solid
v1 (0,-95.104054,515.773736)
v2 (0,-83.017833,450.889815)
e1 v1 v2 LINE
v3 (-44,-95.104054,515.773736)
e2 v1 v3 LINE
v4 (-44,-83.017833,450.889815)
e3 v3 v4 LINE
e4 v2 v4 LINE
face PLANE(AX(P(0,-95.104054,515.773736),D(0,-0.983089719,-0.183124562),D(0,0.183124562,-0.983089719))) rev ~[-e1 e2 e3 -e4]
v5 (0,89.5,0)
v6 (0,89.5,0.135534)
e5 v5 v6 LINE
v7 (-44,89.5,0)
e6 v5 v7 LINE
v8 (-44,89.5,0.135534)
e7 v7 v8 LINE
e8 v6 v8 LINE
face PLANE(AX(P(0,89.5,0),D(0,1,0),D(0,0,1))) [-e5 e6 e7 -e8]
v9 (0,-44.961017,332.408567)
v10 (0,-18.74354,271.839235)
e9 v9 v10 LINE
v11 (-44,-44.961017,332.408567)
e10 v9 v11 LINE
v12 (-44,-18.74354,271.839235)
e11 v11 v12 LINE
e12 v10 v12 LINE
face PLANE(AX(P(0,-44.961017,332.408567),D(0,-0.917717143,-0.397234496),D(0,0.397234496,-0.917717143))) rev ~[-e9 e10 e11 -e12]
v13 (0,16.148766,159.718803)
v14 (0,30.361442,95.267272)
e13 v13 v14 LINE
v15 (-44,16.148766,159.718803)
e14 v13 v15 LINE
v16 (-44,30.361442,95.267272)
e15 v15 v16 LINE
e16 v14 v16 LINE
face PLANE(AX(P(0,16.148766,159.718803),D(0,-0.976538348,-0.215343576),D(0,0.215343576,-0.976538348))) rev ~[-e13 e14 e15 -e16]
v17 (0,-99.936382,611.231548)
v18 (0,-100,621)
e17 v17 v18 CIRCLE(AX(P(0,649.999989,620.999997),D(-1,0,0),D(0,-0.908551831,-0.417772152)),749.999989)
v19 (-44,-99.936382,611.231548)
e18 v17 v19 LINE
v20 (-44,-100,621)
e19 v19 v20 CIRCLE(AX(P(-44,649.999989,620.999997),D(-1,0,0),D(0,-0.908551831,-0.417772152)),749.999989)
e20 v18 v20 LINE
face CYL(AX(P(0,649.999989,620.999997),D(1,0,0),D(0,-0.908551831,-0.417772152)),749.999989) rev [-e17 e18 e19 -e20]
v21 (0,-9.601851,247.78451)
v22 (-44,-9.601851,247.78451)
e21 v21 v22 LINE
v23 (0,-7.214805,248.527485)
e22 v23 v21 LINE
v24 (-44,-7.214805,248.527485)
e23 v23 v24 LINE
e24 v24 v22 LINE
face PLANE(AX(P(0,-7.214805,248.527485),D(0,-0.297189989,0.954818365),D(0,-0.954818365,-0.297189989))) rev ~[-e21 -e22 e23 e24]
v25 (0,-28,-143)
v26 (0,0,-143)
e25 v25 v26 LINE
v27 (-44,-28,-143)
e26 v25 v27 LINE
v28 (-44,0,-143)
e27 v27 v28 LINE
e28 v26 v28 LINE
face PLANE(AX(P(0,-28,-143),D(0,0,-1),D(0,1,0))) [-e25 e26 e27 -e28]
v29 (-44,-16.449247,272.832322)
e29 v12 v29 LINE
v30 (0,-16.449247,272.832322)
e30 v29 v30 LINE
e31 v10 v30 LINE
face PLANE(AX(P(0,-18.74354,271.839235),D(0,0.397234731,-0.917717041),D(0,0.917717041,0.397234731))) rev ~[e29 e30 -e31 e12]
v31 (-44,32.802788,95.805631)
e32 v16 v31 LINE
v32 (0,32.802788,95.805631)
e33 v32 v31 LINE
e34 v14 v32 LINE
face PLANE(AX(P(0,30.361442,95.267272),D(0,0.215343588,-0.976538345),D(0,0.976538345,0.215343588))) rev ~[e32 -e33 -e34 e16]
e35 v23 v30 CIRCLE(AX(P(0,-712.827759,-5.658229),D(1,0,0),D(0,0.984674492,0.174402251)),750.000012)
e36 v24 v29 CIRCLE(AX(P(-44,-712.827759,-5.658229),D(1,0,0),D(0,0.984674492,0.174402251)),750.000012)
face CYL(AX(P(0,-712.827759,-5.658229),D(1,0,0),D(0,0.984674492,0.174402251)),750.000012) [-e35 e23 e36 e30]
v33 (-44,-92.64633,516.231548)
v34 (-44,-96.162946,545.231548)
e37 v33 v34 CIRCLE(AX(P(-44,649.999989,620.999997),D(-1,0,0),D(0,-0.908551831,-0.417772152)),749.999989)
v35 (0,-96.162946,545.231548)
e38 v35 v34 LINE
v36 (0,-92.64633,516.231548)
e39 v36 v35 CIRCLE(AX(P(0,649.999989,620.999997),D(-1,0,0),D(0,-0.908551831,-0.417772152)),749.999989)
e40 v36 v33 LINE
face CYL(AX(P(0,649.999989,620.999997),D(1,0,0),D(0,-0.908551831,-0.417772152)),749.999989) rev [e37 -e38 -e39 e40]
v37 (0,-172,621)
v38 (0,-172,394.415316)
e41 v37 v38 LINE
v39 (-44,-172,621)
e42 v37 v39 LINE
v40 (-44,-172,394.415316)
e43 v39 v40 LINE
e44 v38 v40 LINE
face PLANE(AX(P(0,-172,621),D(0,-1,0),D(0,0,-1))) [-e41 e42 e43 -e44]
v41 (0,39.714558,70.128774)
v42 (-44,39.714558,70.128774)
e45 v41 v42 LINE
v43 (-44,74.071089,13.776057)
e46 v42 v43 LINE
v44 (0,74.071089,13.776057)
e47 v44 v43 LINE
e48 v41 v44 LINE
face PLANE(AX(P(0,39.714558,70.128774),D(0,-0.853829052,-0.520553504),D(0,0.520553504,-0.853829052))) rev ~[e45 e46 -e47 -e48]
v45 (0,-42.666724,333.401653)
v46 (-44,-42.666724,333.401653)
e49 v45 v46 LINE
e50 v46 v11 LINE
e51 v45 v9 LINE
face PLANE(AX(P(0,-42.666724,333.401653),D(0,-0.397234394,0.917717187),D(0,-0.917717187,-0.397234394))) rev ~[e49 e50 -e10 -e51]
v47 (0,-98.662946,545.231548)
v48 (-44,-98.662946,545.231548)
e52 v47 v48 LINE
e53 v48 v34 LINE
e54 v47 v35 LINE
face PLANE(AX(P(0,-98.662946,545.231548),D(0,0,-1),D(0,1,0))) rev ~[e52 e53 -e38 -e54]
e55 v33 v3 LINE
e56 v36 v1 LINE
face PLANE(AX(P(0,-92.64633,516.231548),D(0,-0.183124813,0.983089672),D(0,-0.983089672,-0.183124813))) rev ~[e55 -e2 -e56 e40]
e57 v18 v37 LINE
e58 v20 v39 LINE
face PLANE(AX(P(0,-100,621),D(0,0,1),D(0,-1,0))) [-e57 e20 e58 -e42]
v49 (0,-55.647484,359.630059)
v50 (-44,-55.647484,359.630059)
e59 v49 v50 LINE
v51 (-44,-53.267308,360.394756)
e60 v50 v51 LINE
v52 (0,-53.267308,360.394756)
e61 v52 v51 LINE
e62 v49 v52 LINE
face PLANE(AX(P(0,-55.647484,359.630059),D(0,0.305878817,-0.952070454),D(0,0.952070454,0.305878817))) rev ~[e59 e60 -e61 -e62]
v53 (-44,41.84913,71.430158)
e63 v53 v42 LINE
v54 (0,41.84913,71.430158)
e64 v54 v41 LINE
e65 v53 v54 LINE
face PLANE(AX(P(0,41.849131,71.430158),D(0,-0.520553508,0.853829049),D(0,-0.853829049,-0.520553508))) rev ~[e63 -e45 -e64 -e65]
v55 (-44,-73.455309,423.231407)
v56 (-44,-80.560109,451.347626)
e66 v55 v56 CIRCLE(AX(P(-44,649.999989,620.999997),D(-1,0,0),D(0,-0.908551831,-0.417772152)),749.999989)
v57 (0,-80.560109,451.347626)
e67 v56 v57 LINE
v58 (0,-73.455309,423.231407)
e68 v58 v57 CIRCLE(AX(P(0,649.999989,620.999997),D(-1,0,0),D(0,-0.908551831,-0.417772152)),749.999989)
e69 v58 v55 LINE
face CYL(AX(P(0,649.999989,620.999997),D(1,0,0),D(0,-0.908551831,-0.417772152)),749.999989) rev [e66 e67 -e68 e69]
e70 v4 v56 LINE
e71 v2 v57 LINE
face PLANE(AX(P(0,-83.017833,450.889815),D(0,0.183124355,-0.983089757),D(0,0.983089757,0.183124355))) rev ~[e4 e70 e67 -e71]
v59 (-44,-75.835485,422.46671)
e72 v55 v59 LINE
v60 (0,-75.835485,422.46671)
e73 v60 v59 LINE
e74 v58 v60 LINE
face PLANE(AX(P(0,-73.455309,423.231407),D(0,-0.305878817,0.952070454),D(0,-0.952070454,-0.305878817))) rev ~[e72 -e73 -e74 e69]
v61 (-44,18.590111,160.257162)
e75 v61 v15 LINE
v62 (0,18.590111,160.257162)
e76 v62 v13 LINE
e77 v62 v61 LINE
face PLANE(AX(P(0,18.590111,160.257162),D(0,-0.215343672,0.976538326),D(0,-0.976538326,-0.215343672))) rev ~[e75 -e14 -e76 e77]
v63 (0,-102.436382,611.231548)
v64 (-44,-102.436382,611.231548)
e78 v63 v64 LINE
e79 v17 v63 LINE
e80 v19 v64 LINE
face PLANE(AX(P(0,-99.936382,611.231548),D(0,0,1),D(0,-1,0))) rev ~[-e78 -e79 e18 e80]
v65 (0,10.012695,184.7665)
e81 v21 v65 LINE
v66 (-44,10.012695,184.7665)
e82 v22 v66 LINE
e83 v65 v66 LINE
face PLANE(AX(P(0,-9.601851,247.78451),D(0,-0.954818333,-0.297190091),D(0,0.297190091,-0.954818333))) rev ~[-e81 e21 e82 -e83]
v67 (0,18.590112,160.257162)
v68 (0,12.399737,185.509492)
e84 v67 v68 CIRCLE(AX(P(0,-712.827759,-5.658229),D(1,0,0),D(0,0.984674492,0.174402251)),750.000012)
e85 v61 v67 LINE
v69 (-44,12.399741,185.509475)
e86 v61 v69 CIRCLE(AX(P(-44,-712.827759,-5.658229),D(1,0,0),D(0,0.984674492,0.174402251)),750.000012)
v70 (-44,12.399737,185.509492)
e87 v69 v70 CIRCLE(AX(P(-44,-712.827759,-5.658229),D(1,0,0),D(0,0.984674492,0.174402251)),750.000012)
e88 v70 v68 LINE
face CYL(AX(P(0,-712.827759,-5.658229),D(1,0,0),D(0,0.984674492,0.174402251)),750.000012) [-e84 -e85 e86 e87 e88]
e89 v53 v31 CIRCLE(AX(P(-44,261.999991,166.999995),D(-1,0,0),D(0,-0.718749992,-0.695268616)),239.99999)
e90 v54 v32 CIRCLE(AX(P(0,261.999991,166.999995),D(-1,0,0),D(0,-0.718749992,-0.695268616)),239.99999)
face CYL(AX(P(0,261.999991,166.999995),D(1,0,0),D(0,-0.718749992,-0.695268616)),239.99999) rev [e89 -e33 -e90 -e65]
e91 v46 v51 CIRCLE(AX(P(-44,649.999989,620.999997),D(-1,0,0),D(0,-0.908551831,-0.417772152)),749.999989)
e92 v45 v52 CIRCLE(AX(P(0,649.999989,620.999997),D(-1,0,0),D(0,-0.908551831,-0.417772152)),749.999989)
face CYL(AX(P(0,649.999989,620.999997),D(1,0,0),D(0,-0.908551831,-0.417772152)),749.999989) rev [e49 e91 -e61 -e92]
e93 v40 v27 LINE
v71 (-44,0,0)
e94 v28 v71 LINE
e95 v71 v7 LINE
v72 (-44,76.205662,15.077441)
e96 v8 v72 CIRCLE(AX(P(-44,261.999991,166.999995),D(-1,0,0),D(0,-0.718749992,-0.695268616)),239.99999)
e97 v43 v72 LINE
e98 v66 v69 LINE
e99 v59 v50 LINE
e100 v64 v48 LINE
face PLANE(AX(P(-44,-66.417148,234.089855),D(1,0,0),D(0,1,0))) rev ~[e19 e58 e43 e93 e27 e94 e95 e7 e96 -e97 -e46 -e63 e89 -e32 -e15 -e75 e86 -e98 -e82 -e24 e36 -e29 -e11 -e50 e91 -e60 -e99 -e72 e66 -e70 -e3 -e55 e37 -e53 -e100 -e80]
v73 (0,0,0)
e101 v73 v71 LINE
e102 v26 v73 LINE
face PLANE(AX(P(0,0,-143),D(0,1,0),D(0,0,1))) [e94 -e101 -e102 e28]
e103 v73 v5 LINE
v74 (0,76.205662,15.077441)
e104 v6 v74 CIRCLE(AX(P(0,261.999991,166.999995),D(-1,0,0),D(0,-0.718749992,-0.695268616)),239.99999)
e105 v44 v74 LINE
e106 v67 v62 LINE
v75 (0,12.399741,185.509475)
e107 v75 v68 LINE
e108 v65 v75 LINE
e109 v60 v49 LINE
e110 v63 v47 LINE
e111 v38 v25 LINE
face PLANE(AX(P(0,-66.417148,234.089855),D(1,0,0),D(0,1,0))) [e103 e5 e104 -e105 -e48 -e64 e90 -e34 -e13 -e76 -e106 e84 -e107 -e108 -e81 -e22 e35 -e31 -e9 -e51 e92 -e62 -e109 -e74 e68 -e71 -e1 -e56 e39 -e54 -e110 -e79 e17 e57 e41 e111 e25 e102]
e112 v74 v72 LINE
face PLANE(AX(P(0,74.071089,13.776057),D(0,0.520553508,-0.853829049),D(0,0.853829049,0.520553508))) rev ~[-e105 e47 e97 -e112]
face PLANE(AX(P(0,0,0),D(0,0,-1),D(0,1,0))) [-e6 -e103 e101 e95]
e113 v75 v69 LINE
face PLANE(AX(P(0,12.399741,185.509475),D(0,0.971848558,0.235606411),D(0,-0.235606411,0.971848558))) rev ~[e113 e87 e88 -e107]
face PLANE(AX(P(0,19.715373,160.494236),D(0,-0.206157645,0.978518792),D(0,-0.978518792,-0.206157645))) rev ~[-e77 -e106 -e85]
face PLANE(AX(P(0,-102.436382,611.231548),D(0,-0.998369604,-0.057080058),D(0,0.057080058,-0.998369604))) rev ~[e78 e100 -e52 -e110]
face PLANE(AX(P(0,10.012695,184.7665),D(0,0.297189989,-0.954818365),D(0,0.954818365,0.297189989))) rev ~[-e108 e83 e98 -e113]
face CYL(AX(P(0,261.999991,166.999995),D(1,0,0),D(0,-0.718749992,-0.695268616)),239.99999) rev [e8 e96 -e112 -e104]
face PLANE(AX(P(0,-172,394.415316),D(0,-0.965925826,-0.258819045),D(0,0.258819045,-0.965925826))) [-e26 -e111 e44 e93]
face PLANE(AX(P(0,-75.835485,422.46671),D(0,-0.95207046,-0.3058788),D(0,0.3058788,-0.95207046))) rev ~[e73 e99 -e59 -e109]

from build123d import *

# Parameters (mm, degrees)
F1_DEPTH = 44
F3_DEPTH = 44.001


with BuildPart() as f1:
    # F0 (on Right) → F1 (new body)
    with BuildSketch(Plane.YZ):
        with BuildLine():
            Line((0, -143), (0, 0))
            Line((0, 0), (89.5, 0))
            Line((89.5, 0), (89.5, 0.135534))
            ThreePointArc((89.5, 0.135534), (48.246456, 57.869699), (25.678122, 125.143461))
            ThreePointArc((25.678122, 125.143461), (2.97396, 218.234418), (-31.413874, 307.670888))
            ThreePointArc((-31.413874, 307.670888), (-82.652853, 460.62607), (-100, 621))
            Line((-100, 621), (-172, 621))
            Line((-172, 621), (-172, 394.415316))
            Line((-172, 394.415316), (-28, -143))
            Line((-28, -143), (0, -143))
        make_face()
    extrude(amount=-F1_DEPTH)

    # F2 (on face) → F3 (cut, through all)
    with BuildSketch(Plane.YZ):
        Polygon((74.071089, 13.776057), (76.205662, 15.077441), (41.849131, 71.430158), (39.714558, 70.128774), align=None)
        Polygon((30.361442, 95.267272), (32.802788, 95.805631), (19.715373, 160.494236), (18.590111, 160.257162), (16.148766, 159.718803), align=None)
        Polygon((10.012695, 184.7665), (12.399741, 185.509475), (-3.192727, 249.82656), (-7.214805, 248.527485), (-9.601851, 247.78451), align=None)
        Polygon((-18.74354, 271.839235), (-16.449247, 272.832322), (-40.185015, 334.475862), (-42.666724, 333.401653), (-44.961017, 332.408567), align=None)
        Polygon((-55.647484, 359.630059), (-53.267308, 360.394756), (-73.455309, 423.231407), (-75.835485, 422.46671), align=None)
        Polygon((-92.64633, 516.231548), (-95.104054, 515.773736), (-83.017833, 450.889815), (-80.560108, 451.347626), align=None)
        Polygon((-98.662946, 545.231548), (-96.162946, 545.231548), (-99.936382, 611.231548), (-102.436382, 611.231548), align=None)
    extrude(amount=-F3_DEPTH, mode=Mode.SUBTRACT)


solid = f1.part
